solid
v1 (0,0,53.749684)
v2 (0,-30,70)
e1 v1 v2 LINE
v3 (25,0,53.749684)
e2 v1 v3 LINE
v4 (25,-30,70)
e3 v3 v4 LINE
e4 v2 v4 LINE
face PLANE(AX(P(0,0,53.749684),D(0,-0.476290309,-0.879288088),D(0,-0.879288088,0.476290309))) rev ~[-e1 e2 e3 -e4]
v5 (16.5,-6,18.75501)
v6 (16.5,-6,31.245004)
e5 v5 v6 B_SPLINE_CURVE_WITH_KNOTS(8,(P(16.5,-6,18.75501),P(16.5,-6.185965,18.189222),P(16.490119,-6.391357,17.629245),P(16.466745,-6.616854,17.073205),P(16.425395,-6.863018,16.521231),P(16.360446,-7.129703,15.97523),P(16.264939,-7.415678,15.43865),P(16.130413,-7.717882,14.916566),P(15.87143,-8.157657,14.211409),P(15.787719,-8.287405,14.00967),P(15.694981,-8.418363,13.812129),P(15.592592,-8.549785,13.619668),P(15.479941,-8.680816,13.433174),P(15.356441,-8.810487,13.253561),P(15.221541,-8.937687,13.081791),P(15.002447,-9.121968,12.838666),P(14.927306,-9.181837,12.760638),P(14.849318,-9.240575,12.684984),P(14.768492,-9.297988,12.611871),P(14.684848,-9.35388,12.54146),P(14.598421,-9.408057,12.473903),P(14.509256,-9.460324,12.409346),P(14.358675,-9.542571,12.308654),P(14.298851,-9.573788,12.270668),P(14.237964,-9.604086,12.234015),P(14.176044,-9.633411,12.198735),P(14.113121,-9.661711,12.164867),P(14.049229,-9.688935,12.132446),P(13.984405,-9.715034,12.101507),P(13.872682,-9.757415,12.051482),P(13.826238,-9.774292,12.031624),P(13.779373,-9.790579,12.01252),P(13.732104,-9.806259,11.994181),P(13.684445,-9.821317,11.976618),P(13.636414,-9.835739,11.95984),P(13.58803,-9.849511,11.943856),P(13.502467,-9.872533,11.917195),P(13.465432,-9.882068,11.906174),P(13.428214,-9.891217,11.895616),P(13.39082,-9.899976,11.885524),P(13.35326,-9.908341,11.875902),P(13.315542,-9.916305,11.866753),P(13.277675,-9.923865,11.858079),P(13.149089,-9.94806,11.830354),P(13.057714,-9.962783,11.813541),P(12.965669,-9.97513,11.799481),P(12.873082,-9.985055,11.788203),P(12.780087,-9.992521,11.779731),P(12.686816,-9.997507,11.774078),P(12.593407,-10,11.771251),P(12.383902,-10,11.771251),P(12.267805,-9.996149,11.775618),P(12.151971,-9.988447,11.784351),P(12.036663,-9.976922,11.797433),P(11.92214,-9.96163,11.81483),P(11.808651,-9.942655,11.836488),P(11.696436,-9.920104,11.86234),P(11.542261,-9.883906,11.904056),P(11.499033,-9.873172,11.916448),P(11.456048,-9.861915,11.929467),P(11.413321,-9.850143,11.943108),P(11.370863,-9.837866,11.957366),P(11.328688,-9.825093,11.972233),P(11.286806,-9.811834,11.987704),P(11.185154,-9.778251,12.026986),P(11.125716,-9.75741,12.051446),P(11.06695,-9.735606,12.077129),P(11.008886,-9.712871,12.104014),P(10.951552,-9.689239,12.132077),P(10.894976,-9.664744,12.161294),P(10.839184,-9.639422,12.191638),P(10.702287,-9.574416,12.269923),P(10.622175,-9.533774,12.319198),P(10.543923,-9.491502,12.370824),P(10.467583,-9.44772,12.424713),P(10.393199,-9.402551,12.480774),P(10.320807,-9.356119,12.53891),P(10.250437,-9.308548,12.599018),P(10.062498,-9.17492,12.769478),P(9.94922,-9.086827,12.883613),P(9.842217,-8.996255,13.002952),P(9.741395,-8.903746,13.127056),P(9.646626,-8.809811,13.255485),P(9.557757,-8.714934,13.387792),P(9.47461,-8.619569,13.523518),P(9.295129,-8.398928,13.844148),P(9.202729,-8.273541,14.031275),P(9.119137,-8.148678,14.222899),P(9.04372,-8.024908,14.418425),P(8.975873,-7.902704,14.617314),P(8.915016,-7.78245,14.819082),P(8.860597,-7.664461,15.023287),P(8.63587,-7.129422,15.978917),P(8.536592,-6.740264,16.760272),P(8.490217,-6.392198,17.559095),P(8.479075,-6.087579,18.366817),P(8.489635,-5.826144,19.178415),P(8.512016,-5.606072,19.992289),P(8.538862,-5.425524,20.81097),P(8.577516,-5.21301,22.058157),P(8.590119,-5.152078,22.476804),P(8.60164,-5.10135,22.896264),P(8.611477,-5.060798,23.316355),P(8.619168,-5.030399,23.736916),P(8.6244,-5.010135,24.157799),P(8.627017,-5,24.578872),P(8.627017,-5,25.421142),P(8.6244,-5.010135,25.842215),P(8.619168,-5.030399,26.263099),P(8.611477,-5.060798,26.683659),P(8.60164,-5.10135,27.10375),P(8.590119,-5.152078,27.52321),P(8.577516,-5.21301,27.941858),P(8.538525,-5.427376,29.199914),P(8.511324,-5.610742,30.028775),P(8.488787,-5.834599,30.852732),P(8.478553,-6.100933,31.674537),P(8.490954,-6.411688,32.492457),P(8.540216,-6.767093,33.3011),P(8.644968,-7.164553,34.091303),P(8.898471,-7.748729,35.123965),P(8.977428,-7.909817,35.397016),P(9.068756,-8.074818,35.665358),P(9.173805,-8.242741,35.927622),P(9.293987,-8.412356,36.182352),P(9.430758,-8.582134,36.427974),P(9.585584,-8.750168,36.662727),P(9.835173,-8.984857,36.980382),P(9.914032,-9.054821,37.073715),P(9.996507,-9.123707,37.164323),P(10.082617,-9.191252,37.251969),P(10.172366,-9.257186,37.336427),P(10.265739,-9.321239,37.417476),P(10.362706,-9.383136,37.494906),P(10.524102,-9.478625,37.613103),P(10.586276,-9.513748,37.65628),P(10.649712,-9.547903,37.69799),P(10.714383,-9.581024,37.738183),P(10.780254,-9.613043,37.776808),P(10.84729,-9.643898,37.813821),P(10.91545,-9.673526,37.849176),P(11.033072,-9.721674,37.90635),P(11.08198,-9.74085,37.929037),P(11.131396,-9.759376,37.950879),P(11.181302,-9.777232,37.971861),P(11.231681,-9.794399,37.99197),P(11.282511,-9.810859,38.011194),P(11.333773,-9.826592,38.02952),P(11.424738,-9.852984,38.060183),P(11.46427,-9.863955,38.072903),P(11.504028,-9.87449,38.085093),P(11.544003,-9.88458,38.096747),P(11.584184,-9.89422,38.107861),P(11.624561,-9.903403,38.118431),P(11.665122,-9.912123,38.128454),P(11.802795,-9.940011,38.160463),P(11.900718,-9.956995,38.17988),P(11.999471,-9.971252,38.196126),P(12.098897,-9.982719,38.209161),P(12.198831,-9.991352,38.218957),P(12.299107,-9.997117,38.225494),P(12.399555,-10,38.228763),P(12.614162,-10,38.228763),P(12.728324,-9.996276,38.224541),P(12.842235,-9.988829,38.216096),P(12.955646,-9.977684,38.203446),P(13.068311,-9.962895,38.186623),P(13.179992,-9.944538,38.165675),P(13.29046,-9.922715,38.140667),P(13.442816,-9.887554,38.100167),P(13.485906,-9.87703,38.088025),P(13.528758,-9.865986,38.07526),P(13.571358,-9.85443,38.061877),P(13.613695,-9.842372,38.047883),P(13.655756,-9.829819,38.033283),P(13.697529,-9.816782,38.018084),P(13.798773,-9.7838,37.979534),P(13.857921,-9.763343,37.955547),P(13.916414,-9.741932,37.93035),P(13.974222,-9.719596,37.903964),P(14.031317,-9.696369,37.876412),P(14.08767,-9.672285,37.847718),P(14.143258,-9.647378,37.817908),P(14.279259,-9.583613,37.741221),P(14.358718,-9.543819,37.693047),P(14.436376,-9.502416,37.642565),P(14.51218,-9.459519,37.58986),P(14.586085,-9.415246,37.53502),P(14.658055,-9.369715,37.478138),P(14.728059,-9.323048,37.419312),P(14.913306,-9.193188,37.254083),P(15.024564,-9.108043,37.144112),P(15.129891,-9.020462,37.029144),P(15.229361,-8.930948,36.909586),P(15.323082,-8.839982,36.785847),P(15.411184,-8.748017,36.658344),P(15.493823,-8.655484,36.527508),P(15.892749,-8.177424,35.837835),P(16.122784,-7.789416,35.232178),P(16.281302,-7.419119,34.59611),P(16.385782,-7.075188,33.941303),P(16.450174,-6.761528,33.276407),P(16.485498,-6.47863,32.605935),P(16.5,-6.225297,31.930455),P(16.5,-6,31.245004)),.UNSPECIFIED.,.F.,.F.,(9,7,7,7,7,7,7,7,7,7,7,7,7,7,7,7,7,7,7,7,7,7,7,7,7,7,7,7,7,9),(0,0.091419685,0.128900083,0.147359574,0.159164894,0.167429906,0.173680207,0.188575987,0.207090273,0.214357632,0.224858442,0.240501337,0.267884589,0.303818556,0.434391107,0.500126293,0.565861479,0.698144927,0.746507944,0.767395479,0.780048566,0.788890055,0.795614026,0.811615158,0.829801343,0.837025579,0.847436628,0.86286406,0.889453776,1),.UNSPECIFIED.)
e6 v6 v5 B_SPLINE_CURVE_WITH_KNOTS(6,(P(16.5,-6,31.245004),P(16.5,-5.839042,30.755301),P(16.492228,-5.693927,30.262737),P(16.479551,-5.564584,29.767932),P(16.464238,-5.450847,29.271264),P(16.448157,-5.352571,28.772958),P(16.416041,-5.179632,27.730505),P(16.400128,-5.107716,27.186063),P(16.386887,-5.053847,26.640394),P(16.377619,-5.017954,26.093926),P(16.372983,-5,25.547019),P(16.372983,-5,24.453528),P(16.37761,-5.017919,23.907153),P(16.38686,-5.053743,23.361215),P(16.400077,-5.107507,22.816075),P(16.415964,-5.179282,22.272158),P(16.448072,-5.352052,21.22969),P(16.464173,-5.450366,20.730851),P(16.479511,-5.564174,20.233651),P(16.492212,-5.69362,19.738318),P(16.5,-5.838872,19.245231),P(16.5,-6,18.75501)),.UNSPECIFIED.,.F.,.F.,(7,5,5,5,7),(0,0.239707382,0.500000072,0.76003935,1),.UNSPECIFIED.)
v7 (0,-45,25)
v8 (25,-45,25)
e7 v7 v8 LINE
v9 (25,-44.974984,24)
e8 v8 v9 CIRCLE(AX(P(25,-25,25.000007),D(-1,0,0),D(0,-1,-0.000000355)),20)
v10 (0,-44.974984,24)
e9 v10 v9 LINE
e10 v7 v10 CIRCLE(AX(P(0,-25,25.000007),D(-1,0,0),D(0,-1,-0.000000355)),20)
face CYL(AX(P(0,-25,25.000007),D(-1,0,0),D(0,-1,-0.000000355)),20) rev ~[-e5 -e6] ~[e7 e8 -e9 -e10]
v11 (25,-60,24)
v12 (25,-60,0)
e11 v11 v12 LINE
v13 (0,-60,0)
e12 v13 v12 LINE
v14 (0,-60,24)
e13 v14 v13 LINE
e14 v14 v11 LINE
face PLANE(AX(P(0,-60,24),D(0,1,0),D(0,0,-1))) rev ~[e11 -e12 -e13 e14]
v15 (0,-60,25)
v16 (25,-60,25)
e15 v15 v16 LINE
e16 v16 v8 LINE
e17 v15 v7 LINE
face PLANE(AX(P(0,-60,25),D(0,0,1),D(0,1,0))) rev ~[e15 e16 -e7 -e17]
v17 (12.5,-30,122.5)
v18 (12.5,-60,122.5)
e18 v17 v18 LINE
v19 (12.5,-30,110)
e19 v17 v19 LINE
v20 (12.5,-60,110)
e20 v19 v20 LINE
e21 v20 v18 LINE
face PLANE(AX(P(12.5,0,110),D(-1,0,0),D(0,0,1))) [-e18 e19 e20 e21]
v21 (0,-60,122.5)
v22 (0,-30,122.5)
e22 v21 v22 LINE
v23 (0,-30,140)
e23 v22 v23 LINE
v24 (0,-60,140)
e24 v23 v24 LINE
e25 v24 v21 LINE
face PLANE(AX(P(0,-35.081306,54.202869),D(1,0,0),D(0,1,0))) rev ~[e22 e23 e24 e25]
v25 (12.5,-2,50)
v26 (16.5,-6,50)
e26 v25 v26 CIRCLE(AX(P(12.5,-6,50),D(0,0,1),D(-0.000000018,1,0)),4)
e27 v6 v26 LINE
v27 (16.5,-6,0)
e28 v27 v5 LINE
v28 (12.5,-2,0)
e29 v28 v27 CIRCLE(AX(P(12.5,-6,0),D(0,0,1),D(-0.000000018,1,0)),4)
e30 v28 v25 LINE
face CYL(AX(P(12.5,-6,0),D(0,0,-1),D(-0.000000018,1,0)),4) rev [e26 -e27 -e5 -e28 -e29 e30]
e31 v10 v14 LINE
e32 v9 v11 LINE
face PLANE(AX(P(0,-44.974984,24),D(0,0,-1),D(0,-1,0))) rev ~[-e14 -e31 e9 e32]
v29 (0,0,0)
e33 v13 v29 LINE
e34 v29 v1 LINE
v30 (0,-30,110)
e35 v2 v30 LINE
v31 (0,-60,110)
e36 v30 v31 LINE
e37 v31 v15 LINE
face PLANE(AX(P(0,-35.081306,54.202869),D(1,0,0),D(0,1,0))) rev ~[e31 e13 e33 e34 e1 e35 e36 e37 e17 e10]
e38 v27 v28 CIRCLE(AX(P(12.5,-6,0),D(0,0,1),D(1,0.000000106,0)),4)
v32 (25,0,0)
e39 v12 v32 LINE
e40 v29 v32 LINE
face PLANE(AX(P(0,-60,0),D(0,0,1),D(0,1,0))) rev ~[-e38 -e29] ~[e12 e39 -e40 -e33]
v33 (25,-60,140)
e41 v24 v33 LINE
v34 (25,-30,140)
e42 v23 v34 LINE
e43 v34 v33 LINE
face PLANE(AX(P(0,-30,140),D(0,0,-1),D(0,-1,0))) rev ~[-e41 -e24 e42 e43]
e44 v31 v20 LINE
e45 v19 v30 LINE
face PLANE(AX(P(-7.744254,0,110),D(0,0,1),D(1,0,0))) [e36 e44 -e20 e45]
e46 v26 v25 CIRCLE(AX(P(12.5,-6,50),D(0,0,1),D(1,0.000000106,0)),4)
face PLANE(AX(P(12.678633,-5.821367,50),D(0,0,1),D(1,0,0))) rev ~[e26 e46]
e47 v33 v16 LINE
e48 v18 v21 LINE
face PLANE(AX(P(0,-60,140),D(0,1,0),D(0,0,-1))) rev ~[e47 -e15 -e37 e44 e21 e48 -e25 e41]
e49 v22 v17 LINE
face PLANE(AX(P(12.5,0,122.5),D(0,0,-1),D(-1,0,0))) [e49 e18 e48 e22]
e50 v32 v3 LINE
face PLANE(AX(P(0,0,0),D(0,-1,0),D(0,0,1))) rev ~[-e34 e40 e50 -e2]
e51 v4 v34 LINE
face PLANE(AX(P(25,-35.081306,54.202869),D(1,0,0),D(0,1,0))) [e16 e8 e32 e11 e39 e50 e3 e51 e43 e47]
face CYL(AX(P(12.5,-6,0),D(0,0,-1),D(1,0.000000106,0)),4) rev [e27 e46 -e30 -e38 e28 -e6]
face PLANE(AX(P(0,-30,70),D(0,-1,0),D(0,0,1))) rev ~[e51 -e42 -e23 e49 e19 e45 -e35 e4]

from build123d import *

# Parameters (mm, degrees)
F1_DEPTH = 25
F3_DEPTH = 50
F5_DEPTH = 60


with BuildPart() as f1:
    # F0 (on Right) → F1 (new body)
    with BuildSketch(Plane.YZ):
        with BuildLine():
            Line((-60, 0), (0, 0))
            Line((0, 0), (0, 53.749684))
            Line((0, 53.749684), (-30, 70))
            Line((-30, 70), (-30, 140))
            Line((-30, 140), (-60, 140))
            Line((-60, 140), (-60, 25))
            Line((-60, 25), (-45, 25))
            ThreePointArc((-45, 25), (-5.006255, 25.500156), (-44.974984, 24))
            Line((-44.974984, 24), (-60, 24))
            Line((-60, 24), (-60, 12))
            Line((-60, 12), (-60, 0))
        make_face()
    extrude(amount=F1_DEPTH)

    # F2 (on Top) → F3 (cut)
    with BuildSketch(Plane.XY):
        with BuildLine():
            ThreePointArc((12.5, -2), (9.671573, -8.828427), (16.5, -6))
            ThreePointArc((16.5, -6), (15.328427, -3.171573), (12.5, -2))
        make_face()
    extrude(amount=F3_DEPTH, mode=Mode.SUBTRACT)

    # F4 (on Front) → F5 (cut)
    with BuildSketch(Plane.XZ):
        Polygon((-7.744254, 110), (0, 110), (12.5, 110), (12.5, 122.5), (-7.744254, 122.5), align=None)
    extrude(amount=F5_DEPTH, mode=Mode.SUBTRACT)


solid = f1.part
